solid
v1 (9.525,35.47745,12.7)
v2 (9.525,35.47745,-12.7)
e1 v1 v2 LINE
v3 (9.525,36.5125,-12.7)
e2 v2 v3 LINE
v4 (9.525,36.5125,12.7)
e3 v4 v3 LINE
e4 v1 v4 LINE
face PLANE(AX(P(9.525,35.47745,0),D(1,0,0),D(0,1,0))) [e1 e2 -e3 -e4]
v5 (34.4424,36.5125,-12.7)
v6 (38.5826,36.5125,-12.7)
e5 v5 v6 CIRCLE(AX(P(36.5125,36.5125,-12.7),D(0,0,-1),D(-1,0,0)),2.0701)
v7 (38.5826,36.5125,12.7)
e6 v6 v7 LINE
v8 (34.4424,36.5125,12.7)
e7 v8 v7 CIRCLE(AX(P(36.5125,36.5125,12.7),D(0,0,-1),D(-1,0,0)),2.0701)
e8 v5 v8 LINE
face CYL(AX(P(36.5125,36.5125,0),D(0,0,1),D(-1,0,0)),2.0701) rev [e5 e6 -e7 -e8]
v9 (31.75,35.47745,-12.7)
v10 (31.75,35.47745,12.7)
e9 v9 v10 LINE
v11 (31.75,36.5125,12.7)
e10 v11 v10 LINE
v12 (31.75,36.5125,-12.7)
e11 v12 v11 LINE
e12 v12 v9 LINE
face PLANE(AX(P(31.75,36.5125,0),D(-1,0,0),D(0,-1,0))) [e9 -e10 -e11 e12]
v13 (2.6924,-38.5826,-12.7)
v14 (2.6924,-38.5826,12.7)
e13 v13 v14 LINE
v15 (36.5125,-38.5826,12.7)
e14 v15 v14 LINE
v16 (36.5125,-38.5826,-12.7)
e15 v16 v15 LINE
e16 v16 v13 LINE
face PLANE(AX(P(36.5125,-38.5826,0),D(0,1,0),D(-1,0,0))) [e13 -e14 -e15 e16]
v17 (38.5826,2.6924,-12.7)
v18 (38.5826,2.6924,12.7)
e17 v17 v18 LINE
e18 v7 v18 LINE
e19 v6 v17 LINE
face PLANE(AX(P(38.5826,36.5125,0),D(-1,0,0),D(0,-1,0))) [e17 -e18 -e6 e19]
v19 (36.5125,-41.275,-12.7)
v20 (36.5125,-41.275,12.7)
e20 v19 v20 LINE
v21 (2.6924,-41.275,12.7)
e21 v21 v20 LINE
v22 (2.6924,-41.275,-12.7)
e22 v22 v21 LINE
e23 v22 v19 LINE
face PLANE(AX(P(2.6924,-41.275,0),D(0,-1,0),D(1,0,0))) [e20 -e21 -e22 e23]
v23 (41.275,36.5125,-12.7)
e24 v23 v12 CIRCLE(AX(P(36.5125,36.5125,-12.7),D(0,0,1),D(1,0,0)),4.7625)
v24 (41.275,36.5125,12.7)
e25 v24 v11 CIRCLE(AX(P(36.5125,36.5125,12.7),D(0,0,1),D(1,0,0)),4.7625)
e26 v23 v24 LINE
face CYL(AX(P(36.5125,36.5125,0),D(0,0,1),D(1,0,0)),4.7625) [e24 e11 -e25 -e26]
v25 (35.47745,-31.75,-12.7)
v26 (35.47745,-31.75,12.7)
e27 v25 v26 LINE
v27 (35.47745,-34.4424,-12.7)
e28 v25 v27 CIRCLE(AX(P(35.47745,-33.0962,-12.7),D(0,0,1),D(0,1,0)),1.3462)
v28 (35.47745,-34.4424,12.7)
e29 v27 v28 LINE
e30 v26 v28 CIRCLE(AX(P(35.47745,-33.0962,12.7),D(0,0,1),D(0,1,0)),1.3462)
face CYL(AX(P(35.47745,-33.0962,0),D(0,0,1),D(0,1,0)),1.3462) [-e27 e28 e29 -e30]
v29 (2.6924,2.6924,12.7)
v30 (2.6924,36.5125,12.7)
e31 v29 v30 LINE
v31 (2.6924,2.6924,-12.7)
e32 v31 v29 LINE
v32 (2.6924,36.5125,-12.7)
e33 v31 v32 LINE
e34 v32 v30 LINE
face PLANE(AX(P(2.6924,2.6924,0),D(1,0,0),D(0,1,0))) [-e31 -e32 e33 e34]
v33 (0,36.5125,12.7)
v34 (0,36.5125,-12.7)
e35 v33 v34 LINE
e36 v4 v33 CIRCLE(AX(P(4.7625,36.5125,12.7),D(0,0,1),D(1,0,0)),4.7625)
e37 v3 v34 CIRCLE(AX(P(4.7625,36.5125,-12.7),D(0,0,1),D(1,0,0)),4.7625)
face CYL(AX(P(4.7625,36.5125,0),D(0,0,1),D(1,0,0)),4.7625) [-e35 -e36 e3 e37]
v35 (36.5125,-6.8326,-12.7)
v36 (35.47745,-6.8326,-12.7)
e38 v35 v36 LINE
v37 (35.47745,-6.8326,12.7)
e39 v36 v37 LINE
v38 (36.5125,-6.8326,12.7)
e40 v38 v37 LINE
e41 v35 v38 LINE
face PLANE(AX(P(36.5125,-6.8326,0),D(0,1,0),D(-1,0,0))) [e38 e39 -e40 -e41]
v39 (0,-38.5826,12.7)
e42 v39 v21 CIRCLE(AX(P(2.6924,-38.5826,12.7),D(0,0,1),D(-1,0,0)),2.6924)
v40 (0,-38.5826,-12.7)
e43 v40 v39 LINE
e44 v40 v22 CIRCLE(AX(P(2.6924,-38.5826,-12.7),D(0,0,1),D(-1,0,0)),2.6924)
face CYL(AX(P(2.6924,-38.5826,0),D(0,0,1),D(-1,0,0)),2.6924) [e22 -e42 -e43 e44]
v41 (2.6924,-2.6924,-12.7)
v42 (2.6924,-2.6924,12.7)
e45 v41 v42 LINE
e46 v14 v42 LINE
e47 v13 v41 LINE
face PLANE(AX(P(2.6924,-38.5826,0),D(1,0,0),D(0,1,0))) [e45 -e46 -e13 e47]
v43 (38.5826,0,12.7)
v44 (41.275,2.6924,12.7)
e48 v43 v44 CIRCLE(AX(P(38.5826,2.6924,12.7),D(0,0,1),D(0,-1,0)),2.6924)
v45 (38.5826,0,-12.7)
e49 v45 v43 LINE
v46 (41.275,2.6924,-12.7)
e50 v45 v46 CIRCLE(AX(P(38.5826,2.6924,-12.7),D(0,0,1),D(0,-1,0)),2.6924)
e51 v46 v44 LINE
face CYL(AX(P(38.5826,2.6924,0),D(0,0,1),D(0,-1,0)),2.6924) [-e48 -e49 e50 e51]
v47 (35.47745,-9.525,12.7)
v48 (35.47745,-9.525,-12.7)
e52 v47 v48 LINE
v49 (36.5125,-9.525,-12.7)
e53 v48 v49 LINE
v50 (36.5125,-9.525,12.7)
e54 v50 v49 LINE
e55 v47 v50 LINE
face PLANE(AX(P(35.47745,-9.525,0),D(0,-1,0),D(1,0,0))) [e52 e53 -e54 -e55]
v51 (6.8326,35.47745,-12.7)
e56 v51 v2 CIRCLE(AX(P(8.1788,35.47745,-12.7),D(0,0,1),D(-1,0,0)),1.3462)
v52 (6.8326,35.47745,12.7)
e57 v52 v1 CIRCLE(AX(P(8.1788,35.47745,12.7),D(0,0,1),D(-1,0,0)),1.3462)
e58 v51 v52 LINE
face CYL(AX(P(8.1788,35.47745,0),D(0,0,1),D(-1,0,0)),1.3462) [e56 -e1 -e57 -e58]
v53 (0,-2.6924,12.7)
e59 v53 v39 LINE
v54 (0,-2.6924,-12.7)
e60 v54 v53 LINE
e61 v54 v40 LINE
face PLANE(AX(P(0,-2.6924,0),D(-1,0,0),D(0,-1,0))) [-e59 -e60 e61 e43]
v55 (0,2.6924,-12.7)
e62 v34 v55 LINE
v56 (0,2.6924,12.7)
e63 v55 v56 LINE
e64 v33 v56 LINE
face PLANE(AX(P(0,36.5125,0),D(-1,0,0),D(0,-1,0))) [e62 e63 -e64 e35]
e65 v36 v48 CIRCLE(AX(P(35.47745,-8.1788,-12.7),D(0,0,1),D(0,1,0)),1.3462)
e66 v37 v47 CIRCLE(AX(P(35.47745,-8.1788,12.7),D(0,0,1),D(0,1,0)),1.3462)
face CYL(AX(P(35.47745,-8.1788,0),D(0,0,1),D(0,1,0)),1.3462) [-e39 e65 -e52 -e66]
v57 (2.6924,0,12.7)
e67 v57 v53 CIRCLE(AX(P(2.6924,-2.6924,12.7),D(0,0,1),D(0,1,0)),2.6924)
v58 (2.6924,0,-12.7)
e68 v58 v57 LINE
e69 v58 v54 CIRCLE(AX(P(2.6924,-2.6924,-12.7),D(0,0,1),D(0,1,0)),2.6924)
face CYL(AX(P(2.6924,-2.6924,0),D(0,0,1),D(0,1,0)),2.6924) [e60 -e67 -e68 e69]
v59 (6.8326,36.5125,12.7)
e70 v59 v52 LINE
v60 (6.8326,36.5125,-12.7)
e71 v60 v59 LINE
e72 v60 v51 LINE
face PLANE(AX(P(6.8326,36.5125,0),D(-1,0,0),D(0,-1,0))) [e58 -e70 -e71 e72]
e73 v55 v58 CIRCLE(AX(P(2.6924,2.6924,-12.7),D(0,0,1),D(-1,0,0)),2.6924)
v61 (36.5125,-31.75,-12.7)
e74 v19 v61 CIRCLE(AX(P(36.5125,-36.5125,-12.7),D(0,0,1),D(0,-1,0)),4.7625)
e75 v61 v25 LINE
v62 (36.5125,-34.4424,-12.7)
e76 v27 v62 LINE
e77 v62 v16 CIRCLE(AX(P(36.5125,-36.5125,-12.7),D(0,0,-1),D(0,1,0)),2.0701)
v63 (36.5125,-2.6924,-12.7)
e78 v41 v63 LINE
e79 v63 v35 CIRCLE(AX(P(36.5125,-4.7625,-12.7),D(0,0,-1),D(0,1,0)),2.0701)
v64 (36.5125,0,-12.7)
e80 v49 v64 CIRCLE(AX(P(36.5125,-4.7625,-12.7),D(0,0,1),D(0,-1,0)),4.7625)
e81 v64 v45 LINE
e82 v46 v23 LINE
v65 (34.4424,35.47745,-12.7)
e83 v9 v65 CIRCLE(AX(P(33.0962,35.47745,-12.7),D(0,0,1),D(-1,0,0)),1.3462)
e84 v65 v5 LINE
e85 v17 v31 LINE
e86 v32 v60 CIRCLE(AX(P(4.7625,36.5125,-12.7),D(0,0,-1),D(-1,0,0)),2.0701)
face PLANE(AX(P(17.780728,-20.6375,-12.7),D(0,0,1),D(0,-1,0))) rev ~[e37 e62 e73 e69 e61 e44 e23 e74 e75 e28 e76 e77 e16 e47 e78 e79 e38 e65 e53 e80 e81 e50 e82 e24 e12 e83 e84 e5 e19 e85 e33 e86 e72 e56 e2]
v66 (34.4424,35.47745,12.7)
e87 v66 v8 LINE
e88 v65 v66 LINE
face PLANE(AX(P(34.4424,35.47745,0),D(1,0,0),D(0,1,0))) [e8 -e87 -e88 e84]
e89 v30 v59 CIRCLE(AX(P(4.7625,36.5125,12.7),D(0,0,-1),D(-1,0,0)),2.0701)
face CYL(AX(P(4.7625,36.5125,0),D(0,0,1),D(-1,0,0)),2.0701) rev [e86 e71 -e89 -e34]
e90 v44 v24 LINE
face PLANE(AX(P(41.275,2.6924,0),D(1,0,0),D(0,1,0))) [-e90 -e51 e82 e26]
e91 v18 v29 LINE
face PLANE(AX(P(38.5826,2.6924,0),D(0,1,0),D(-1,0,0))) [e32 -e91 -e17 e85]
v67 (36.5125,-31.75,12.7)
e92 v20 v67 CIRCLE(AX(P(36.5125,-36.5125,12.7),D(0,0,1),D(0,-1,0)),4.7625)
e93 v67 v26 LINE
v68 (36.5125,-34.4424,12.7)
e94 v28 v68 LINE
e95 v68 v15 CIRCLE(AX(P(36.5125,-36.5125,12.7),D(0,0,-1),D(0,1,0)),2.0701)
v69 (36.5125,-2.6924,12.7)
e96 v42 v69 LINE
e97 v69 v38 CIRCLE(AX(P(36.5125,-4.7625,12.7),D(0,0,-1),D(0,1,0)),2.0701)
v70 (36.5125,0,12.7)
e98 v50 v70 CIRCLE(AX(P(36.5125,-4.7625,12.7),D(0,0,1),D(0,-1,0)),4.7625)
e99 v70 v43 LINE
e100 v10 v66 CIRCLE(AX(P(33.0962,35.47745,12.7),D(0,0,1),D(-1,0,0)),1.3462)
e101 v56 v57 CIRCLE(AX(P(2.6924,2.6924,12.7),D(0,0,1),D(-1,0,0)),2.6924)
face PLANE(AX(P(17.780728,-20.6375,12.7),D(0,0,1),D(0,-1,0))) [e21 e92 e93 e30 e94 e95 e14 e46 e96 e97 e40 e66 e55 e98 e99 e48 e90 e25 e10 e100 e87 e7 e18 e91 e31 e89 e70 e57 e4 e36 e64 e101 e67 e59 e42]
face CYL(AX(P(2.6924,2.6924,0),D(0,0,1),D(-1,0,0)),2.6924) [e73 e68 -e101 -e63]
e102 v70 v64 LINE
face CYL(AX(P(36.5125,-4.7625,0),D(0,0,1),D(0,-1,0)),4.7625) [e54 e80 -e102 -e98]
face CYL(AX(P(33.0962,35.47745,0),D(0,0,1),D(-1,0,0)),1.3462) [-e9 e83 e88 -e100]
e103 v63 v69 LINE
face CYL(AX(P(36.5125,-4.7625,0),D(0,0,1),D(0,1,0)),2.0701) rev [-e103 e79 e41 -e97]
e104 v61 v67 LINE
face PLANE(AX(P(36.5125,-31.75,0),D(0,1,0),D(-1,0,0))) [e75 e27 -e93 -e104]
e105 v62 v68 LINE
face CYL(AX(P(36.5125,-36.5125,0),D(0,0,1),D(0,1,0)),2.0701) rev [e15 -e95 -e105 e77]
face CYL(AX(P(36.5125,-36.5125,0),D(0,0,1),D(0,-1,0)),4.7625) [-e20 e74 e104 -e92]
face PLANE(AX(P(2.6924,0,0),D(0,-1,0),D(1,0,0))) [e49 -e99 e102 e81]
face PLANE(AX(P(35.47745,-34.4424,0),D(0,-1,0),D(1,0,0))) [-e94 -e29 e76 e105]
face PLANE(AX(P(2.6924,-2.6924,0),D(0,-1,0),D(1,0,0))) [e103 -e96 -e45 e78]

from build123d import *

# Parameters (mm, degrees)
BASE_EXTRUDE_DEPTH = 12.7
CIRPATTERN1_COUNT  = 2
CIRPATTERN1_ANGLE  = 270


with BuildPart() as part:
    # Sketch1 → Base-Extrude (new, symmetric)
    with BuildSketch(Plane.XY):
        with BuildLine():
            Line((0, 36.5125), (0, 2.6924))
            ThreePointArc((0, 2.6924), (0.788585702, 0.788585702), (2.6924, 0))
            Line((2.6924, 0), (38.5826, 0))
            ThreePointArc((38.5826, 0), (40.486414298, 0.788585702), (41.275, 2.6924))
            Line((41.275, 2.6924), (41.275, 36.5125))
            ThreePointArc((41.275, 36.5125), (36.5125, 41.275), (31.75, 36.5125))
            Line((31.75, 36.5125), (31.75, 35.47745))
            ThreePointArc((31.75, 35.47745), (33.0962, 34.13125), (34.4424, 35.47745))
            Line((34.4424, 35.47745), (34.4424, 36.5125))
            ThreePointArc((34.4424, 36.5125), (36.5125, 38.5826), (38.5826, 36.5125))
            Line((38.5826, 36.5125), (38.5826, 2.6924))
            Line((38.5826, 2.6924), (2.6924, 2.6924))
            Line((2.6924, 2.6924), (2.6924, 36.5125))
            ThreePointArc((2.6924, 36.5125), (4.7625, 38.5826), (6.8326, 36.5125))
            Line((6.8326, 36.5125), (6.8326, 35.47745))
            ThreePointArc((6.8326, 35.47745), (8.1788, 34.13125), (9.525, 35.47745))
            Line((9.525, 35.47745), (9.525, 36.5125))
            ThreePointArc((9.525, 36.5125), (4.7625, 41.275), (0, 36.5125))
        make_face()
    base_extrude = extrude(amount=BASE_EXTRUDE_DEPTH, both=True)

    # CirPattern1: Base-Extrude ×2 about axis
    cirpattern1_axis = Axis((0, 0, 0), (0, 0, 1))
    for i in range(1, CIRPATTERN1_COUNT):
        add(base_extrude.rotate(cirpattern1_axis, i * CIRPATTERN1_ANGLE / (CIRPATTERN1_COUNT - 1)))


solid = part.part
